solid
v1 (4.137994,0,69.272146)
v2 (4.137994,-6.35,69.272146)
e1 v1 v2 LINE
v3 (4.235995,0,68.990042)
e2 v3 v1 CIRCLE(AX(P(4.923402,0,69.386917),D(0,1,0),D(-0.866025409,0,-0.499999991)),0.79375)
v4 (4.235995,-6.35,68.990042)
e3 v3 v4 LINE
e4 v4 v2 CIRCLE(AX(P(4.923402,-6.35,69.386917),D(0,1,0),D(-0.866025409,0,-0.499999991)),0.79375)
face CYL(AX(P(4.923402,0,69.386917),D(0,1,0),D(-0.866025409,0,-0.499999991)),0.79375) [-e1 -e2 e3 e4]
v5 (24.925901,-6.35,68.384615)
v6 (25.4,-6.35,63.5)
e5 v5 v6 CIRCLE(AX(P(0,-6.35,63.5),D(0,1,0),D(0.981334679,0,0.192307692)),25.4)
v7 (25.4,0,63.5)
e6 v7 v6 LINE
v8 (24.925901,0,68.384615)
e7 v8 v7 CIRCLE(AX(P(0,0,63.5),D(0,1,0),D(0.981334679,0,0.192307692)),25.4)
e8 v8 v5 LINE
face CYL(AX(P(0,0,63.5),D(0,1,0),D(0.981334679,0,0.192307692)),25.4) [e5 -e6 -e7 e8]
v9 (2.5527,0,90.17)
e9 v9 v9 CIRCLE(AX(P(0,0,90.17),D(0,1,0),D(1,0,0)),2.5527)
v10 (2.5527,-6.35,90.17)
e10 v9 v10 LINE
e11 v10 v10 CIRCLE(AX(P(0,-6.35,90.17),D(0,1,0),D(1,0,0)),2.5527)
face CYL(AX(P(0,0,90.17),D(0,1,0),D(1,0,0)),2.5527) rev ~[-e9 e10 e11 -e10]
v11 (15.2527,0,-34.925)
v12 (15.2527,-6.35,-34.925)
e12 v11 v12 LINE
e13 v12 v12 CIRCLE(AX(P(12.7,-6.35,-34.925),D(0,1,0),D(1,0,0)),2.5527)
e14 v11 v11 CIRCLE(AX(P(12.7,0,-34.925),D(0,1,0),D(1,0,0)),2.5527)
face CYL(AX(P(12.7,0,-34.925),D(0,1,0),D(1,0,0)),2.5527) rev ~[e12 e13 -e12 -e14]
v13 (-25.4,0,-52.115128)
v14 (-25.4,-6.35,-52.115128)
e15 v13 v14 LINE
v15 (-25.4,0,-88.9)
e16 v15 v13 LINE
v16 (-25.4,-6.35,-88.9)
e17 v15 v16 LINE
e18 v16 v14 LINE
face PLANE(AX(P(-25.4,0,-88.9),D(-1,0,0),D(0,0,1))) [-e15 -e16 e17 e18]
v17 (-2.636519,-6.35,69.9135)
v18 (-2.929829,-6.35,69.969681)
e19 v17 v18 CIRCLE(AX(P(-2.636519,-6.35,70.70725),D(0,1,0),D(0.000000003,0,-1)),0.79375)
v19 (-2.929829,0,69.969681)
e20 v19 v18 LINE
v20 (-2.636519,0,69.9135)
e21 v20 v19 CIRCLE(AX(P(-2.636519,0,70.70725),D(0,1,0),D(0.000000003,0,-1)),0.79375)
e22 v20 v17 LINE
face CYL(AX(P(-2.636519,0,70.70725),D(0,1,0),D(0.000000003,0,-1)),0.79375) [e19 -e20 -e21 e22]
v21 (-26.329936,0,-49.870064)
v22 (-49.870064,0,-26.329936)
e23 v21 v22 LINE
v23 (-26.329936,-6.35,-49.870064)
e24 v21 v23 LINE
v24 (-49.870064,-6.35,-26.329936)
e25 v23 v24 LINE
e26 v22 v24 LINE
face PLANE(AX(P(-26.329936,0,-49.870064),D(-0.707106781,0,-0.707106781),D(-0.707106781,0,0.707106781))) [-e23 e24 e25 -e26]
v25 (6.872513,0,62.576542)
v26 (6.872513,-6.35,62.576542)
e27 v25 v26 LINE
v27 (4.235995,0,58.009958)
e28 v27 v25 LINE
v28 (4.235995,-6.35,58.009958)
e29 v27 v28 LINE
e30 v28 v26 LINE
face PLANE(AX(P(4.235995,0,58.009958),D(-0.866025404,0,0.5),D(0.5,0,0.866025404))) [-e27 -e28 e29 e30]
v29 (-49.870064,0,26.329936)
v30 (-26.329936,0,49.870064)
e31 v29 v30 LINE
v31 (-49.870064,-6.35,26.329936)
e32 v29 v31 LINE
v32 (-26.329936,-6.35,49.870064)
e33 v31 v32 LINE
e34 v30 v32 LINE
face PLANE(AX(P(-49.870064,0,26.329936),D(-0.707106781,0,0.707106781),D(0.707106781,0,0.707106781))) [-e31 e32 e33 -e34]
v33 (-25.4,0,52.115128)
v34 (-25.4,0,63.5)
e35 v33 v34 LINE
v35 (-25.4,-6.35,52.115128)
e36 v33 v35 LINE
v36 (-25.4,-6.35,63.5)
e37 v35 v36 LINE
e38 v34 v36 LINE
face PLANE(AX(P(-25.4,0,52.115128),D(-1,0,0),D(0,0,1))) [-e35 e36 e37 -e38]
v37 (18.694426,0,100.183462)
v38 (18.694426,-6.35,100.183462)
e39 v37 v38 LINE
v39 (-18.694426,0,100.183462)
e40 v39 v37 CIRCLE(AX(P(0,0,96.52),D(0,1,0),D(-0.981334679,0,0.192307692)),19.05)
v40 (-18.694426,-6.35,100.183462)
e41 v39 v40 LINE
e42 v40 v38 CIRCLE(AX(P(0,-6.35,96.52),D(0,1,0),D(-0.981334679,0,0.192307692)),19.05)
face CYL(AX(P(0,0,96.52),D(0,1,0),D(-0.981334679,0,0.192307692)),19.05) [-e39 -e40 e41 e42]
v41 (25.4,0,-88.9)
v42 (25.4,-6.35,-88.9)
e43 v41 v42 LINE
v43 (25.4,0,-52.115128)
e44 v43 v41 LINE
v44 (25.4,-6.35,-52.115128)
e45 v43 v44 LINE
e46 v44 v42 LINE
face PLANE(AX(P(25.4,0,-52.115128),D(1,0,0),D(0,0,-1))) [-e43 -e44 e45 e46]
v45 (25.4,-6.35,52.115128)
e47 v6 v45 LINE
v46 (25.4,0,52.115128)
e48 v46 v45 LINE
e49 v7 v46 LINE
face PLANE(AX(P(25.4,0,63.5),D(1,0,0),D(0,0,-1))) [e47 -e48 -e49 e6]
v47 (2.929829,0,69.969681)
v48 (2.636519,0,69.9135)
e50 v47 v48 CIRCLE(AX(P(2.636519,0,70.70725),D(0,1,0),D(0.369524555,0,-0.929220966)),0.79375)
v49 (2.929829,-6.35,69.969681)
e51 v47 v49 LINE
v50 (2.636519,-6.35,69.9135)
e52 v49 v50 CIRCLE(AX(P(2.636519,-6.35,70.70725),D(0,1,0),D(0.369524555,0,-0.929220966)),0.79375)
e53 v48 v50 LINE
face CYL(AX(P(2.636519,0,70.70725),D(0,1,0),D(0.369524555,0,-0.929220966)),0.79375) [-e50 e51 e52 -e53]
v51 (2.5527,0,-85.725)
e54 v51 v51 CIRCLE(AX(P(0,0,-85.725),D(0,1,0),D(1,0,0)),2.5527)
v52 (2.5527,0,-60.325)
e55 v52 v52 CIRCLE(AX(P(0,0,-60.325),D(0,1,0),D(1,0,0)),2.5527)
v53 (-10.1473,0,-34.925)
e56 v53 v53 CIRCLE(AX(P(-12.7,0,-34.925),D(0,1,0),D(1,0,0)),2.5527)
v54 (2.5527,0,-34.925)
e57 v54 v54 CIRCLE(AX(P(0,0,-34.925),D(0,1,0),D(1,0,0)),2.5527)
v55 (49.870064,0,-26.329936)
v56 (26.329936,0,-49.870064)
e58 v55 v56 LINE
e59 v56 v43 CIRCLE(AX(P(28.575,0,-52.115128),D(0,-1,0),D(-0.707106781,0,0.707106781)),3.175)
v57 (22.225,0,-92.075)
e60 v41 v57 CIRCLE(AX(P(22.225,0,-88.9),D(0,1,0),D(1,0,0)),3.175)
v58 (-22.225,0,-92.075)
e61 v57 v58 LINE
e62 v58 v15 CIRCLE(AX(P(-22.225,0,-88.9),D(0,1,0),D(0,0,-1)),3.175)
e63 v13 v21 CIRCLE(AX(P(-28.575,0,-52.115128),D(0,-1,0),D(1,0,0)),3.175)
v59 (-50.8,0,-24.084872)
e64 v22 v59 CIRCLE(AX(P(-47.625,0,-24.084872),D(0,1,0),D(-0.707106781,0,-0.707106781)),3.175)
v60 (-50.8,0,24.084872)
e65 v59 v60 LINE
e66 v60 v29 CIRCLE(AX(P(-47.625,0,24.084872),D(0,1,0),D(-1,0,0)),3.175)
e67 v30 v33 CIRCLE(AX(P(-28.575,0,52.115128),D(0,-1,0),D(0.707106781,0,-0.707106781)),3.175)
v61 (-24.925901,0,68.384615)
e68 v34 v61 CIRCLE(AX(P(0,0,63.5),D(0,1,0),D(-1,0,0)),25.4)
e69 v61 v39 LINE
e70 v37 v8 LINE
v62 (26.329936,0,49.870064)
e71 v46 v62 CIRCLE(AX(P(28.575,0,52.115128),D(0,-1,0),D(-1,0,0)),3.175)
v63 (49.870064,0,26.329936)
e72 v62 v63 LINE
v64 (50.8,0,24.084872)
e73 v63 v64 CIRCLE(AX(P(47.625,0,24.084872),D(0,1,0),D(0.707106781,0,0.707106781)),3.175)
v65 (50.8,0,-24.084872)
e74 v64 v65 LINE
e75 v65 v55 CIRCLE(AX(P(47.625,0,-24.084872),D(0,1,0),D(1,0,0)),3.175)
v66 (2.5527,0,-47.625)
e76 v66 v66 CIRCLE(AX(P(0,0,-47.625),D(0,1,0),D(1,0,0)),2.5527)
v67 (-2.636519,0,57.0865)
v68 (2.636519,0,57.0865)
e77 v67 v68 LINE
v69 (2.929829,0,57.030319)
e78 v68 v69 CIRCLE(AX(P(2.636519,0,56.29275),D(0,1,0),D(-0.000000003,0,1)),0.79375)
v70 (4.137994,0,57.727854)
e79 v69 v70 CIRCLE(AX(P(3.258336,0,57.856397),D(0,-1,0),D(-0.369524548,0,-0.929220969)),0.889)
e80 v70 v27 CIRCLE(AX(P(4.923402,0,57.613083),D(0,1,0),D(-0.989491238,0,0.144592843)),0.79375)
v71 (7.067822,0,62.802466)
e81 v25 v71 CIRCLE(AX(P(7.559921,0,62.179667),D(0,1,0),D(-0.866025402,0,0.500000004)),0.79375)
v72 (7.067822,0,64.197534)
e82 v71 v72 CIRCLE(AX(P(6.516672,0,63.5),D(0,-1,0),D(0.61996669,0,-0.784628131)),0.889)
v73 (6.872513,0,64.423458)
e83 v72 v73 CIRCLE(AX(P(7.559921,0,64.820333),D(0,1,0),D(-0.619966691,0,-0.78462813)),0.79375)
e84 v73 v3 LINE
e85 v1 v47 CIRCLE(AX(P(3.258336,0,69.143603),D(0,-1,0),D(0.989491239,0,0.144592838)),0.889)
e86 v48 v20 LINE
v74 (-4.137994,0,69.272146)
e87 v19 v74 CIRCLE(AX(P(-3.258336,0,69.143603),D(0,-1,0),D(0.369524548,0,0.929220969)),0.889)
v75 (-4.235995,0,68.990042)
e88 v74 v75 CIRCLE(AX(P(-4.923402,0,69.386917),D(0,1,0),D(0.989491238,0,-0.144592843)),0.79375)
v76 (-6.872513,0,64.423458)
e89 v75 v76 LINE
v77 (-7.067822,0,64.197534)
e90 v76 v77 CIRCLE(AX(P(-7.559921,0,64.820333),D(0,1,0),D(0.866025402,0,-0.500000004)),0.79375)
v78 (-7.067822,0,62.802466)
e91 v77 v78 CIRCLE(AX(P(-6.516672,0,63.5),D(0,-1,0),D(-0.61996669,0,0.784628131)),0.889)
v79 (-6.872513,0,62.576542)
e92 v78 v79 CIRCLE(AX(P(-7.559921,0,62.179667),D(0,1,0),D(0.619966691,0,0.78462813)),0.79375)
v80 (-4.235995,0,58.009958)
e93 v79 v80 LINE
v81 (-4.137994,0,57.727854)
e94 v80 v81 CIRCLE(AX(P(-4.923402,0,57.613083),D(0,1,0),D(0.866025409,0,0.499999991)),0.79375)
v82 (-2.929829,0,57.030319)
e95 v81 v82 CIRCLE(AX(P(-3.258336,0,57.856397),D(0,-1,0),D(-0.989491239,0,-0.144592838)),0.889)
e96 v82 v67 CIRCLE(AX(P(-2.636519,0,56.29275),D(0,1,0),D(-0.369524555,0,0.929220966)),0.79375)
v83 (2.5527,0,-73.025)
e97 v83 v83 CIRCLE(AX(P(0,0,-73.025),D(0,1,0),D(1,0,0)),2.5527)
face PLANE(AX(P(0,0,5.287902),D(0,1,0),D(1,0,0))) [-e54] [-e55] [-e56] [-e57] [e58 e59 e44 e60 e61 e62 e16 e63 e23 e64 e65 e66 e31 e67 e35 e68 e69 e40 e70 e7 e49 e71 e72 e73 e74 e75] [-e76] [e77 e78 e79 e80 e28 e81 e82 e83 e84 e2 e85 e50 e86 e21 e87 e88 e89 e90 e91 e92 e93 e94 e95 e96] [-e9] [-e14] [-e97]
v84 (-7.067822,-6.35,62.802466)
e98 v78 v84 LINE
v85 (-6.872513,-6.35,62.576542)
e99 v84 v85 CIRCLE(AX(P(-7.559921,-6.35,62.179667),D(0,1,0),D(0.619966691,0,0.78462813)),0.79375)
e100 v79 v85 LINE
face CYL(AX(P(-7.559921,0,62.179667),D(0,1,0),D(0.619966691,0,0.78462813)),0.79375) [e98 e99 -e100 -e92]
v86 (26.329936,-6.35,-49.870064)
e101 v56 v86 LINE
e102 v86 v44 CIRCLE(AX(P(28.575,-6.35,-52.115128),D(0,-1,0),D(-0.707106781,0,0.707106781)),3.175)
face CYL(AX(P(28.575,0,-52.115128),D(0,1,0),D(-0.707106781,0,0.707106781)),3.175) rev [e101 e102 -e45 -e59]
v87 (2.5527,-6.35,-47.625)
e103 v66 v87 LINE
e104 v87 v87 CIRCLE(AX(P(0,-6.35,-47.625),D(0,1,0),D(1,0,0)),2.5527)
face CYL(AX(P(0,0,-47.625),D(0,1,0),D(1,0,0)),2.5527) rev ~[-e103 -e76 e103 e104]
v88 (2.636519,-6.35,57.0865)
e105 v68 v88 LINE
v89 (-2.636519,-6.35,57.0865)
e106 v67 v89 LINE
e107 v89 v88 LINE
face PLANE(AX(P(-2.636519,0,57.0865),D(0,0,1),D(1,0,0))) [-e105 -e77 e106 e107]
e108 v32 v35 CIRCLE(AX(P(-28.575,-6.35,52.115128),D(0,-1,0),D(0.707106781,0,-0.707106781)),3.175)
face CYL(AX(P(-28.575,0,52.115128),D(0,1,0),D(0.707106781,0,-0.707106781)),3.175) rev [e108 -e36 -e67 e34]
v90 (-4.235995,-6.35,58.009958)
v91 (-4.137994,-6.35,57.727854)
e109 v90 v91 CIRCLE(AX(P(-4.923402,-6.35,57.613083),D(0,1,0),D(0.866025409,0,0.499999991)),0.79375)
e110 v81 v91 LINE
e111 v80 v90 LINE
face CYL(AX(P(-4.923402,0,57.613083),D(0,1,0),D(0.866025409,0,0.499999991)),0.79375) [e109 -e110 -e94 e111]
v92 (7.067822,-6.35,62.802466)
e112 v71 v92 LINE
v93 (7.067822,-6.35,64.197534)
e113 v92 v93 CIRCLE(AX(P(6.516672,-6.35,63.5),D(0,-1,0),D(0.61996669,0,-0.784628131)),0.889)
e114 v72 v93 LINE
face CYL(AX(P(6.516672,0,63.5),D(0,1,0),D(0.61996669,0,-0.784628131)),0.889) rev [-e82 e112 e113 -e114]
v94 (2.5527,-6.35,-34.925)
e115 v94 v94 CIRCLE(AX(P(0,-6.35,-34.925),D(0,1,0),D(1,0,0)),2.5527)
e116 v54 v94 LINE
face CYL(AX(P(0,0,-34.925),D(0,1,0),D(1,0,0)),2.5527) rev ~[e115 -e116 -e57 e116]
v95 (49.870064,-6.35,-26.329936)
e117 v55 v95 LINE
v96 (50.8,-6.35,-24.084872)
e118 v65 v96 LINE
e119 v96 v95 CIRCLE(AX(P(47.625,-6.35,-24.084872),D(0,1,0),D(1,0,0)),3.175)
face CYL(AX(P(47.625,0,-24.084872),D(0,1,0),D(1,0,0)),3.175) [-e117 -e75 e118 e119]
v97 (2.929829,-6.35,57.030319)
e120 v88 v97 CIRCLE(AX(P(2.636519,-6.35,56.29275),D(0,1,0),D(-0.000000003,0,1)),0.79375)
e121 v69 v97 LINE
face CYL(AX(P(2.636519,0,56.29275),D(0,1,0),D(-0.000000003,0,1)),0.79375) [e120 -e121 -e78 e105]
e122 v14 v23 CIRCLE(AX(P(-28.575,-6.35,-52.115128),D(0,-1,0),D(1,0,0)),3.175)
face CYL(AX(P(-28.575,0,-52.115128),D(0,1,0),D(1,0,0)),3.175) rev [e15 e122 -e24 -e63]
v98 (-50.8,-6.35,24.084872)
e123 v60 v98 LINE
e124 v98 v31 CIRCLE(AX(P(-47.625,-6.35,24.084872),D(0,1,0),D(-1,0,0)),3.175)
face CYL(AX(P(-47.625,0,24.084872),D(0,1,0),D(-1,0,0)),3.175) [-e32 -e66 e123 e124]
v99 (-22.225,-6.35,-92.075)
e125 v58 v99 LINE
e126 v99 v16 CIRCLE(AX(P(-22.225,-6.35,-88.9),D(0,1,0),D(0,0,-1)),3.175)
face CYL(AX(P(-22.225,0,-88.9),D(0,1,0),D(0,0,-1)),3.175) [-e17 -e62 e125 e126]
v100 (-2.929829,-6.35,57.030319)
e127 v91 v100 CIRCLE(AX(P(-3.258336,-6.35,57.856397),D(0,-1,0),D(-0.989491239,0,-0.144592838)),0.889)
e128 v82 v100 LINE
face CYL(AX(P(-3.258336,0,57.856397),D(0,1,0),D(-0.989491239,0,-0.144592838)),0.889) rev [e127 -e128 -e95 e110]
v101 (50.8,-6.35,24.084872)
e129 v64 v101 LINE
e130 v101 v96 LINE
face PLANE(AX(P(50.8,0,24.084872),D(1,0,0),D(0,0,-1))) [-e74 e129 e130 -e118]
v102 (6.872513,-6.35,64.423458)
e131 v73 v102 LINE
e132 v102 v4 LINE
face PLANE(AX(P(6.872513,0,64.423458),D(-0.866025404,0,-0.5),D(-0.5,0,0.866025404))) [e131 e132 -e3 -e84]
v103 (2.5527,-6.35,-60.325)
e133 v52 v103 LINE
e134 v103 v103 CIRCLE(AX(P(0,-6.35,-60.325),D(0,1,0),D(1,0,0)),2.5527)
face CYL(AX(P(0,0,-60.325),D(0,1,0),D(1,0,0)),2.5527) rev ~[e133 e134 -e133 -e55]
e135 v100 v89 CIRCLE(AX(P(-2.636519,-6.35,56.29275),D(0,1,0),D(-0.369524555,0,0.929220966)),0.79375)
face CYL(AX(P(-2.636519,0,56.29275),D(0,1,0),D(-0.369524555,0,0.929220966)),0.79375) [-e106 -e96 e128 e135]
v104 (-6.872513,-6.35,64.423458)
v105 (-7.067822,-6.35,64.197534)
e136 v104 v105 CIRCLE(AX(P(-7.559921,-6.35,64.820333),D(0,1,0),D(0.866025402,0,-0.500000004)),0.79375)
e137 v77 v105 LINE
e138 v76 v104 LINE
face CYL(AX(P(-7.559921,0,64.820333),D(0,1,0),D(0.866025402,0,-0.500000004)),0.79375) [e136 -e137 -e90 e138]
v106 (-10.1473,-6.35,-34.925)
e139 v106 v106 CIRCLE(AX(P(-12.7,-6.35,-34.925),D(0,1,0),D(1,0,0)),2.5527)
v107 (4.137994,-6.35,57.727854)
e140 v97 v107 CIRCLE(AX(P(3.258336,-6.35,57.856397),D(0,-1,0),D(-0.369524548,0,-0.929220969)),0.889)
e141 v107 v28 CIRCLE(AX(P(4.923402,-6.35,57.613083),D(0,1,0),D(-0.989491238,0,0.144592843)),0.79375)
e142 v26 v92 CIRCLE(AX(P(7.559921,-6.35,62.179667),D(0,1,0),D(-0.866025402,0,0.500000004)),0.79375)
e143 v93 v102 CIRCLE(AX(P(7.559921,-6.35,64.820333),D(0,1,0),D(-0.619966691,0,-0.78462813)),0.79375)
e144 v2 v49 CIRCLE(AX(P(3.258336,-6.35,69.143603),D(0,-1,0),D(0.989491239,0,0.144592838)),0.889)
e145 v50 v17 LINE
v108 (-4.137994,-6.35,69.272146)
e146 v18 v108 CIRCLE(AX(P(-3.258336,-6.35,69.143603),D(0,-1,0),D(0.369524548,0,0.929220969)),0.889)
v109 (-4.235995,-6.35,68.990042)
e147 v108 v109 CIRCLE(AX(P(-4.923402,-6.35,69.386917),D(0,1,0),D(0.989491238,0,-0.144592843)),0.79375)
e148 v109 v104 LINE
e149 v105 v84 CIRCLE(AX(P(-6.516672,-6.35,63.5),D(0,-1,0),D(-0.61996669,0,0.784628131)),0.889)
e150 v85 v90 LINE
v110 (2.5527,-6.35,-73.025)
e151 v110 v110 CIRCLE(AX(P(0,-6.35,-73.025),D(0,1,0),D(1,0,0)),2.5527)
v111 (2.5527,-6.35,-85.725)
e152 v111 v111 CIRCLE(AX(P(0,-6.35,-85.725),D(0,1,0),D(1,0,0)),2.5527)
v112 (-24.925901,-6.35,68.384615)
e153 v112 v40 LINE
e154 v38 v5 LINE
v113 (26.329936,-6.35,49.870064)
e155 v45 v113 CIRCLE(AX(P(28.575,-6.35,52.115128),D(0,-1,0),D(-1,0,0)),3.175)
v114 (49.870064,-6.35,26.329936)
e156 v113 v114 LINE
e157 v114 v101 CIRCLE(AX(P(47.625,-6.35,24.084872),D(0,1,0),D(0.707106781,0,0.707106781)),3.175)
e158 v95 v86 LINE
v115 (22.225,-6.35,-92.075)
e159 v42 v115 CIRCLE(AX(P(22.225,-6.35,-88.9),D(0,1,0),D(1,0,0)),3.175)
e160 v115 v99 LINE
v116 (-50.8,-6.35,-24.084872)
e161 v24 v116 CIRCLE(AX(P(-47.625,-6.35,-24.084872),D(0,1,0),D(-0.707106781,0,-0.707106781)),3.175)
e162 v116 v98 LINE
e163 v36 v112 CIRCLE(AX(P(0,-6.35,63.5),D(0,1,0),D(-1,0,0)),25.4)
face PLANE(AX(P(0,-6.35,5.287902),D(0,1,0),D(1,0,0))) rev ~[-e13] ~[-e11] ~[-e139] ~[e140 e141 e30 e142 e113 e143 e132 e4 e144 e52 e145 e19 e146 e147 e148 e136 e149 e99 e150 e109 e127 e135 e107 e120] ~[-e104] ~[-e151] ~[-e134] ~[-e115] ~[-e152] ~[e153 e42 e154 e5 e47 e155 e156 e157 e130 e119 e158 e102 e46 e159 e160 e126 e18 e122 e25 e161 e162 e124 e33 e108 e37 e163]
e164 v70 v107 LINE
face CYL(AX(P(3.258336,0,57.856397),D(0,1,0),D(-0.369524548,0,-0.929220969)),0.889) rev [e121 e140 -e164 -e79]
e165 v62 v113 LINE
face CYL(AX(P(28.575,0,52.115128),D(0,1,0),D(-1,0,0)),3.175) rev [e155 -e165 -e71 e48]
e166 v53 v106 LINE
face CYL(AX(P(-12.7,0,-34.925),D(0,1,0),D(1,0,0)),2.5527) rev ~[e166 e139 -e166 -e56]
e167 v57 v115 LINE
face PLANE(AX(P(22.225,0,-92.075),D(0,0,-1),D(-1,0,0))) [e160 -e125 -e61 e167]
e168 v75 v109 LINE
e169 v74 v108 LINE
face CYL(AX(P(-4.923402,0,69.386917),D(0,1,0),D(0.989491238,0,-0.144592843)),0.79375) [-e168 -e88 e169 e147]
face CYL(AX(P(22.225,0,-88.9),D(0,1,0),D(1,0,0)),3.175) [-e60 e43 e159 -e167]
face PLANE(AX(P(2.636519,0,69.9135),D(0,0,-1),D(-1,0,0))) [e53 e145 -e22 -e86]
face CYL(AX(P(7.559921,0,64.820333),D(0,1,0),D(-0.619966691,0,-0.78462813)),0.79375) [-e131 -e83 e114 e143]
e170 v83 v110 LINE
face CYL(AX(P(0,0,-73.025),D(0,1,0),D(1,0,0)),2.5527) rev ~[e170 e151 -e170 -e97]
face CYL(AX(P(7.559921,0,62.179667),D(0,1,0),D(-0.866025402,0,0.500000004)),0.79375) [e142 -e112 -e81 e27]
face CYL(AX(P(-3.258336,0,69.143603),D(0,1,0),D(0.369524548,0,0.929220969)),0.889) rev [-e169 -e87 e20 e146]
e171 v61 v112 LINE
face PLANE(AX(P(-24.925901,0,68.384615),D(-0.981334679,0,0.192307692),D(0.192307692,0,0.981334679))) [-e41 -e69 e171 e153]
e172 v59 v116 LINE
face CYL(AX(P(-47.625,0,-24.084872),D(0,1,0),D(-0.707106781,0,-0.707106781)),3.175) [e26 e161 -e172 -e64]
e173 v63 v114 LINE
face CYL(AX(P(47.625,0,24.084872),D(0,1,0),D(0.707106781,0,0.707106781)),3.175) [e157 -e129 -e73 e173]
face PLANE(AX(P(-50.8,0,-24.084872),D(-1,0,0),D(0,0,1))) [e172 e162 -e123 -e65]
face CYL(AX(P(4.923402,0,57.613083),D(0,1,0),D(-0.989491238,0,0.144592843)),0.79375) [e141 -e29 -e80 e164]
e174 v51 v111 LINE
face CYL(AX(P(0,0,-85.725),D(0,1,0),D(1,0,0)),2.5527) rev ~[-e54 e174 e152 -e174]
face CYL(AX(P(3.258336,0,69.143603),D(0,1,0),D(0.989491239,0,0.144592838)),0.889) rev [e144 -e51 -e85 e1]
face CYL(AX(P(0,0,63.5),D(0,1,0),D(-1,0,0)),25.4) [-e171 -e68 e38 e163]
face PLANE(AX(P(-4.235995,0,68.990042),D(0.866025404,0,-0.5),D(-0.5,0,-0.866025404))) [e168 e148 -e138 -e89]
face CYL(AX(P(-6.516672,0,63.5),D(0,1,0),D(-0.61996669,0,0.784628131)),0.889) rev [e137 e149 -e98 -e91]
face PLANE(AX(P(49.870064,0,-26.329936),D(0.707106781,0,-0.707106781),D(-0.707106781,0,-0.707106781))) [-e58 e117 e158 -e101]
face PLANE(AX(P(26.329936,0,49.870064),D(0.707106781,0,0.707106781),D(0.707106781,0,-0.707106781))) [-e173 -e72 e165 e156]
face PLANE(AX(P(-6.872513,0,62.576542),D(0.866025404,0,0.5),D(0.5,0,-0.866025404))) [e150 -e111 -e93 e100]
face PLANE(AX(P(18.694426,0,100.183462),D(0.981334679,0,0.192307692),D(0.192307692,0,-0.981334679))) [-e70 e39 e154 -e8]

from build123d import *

# Parameters (mm, degrees)
SKETCH1_R           = 2.5527
BOSS_EXTRUDE1_DEPTH = 6.35


with BuildPart() as part:
    # Sketch1 → Boss-Extrude1 (new body)
    with BuildSketch(Plane(origin=(0, 0, 0), x_dir=(1, 0, 0), z_dir=(0, 1, 0))):
        with BuildLine():
            Line((-26.32993597, 49.87006403), (-49.87006403, 26.32993597))
            ThreePointArc((-49.87006403, 26.32993597), (-50.558317516, 25.299891837), (-50.8, 24.084871939))
            Line((-50.8, 24.084871939), (-50.8, -24.084871939))
            ThreePointArc((-50.8, -24.084871939), (-50.558317516, -25.299891837), (-49.87006403, -26.32993597))
            Line((-49.87006403, -26.32993597), (-26.32993597, -49.87006403))
            ThreePointArc((-26.32993597, -49.87006403), (-25.641682484, -50.900108163), (-25.4, -52.115128061))
            Line((-25.4, -52.115128061), (-25.4, -63.5))
            ThreePointArc((-25.4, -63.5), (-25.281197373, -65.953784703), (-24.925900837, -68.384615385))
            Line((-24.925900837, -68.384615385), (-18.694425628, -100.183461538))
            ThreePointArc((-18.694425628, -100.183461538), (0, -115.57), (18.694425628, -100.183461538))
            Line((18.694425628, -100.183461538), (24.925900837, -68.384615385))
            ThreePointArc((24.925900837, -68.384615385), (25.281197373, -65.953784703), (25.4, -63.5))
            Line((25.4, -63.5), (25.4, -52.115128061))
            ThreePointArc((25.4, -52.115128061), (25.641682484, -50.900108163), (26.32993597, -49.87006403))
            Line((26.32993597, -49.87006403), (49.87006403, -26.32993597))
            ThreePointArc((49.87006403, -26.32993597), (50.558317516, -25.299891837), (50.8, -24.084871939))
            Line((50.8, -24.084871939), (50.8, 24.084871939))
            ThreePointArc((50.8, 24.084871939), (50.558317516, 25.299891837), (49.87006403, 26.32993597))
            Line((49.87006403, 26.32993597), (26.32993597, 49.87006403))
            ThreePointArc((26.32993597, 49.87006403), (25.641682484, 50.900108163), (25.4, 52.115128061))
            Line((25.4, 52.115128061), (25.4, 88.9))
            ThreePointArc((25.4, 88.9), (24.47006403, 91.14506403), (22.225, 92.075))
            Line((22.225, 92.075), (-22.225, 92.075))
            ThreePointArc((-22.225, 92.075), (-24.47006403, 91.14506403), (-25.4, 88.9))
            Line((-25.4, 88.9), (-25.4, 52.115128061))
            ThreePointArc((-25.4, 52.115128061), (-25.641682484, 50.900108163), (-26.32993597, 49.87006403))
        make_face()
        with Locations((0, -90.17)):
            Circle(SKETCH1_R, mode=Mode.SUBTRACT)
        with Locations((0, 85.725)):
            Circle(SKETCH1_R, mode=Mode.SUBTRACT)
        with Locations((0, 73.025)):
            Circle(SKETCH1_R, mode=Mode.SUBTRACT)
        with Locations((0, 60.325)):
            Circle(SKETCH1_R, mode=Mode.SUBTRACT)
        with Locations((0, 47.625)):
            Circle(SKETCH1_R, mode=Mode.SUBTRACT)
        with Locations((0, 34.925)):
            Circle(SKETCH1_R, mode=Mode.SUBTRACT)
        with Locations((-12.7, 34.925)):
            Circle(SKETCH1_R, mode=Mode.SUBTRACT)
        with Locations((12.7, 34.925)):
            Circle(SKETCH1_R, mode=Mode.SUBTRACT)
        with BuildLine():
            Line((-4.235994669, -68.990042012), (-6.872513185, -64.423457988))
            ThreePointArc((-6.872513185, -64.423457988), (-6.959446788, -64.301228024), (-7.06782229, -64.197534409))
            ThreePointArc((-7.06782229, -64.197534409), (-7.405671903, -63.5), (-7.06782229, -62.802465591))
            ThreePointArc((-7.06782229, -62.802465591), (-6.959446788, -62.698771976), (-6.872513185, -62.576542012))
            Line((-6.872513185, -62.576542012), (-4.235994669, -58.009957988))
            ThreePointArc((-4.235994669, -58.009957988), (-4.173607217, -57.873556297), (-4.137993663, -57.727853552))
            ThreePointArc((-4.137993663, -57.727853552), (-3.702835951, -57.0865), (-2.929828627, -57.030319143))
            ThreePointArc((-2.929828627, -57.030319143), (-2.785839571, -57.072328274), (-2.636518516, -57.0865))
            Line((-2.636518516, -57.0865), (2.636518516, -57.0865))
            ThreePointArc((2.636518516, -57.0865), (2.785839571, -57.072328274), (2.929828627, -57.030319143))
            ThreePointArc((2.929828627, -57.030319143), (3.702835951, -57.0865), (4.137993663, -57.727853552))
            ThreePointArc((4.137993663, -57.727853552), (4.173607217, -57.873556297), (4.235994669, -58.009957988))
            Line((4.235994669, -58.009957988), (6.872513185, -62.576542012))
            ThreePointArc((6.872513185, -62.576542012), (6.959446788, -62.698771976), (7.06782229, -62.802465591))
            ThreePointArc((7.06782229, -62.802465591), (7.405671903, -63.5), (7.06782229, -64.197534409))
            ThreePointArc((7.06782229, -64.197534409), (6.959446788, -64.301228024), (6.872513185, -64.423457988))
            Line((6.872513185, -64.423457988), (4.235994669, -68.990042012))
            ThreePointArc((4.235994669, -68.990042012), (4.173607217, -69.126443703), (4.137993663, -69.272146448))
            ThreePointArc((4.137993663, -69.272146448), (3.702835951, -69.9135), (2.929828627, -69.969680857))
            ThreePointArc((2.929828627, -69.969680857), (2.785839571, -69.927671726), (2.636518516, -69.9135))
            Line((2.636518516, -69.9135), (-2.636518516, -69.9135))
            ThreePointArc((-2.636518516, -69.9135), (-2.785839571, -69.927671726), (-2.929828627, -69.969680857))
            ThreePointArc((-2.929828627, -69.969680857), (-3.702835951, -69.9135), (-4.137993663, -69.272146448))
            ThreePointArc((-4.137993663, -69.272146448), (-4.173607217, -69.126443703), (-4.235994669, -68.990042012))
        make_face(mode=Mode.SUBTRACT)
    extrude(amount=-BOSS_EXTRUDE1_DEPTH)


solid = part.part
